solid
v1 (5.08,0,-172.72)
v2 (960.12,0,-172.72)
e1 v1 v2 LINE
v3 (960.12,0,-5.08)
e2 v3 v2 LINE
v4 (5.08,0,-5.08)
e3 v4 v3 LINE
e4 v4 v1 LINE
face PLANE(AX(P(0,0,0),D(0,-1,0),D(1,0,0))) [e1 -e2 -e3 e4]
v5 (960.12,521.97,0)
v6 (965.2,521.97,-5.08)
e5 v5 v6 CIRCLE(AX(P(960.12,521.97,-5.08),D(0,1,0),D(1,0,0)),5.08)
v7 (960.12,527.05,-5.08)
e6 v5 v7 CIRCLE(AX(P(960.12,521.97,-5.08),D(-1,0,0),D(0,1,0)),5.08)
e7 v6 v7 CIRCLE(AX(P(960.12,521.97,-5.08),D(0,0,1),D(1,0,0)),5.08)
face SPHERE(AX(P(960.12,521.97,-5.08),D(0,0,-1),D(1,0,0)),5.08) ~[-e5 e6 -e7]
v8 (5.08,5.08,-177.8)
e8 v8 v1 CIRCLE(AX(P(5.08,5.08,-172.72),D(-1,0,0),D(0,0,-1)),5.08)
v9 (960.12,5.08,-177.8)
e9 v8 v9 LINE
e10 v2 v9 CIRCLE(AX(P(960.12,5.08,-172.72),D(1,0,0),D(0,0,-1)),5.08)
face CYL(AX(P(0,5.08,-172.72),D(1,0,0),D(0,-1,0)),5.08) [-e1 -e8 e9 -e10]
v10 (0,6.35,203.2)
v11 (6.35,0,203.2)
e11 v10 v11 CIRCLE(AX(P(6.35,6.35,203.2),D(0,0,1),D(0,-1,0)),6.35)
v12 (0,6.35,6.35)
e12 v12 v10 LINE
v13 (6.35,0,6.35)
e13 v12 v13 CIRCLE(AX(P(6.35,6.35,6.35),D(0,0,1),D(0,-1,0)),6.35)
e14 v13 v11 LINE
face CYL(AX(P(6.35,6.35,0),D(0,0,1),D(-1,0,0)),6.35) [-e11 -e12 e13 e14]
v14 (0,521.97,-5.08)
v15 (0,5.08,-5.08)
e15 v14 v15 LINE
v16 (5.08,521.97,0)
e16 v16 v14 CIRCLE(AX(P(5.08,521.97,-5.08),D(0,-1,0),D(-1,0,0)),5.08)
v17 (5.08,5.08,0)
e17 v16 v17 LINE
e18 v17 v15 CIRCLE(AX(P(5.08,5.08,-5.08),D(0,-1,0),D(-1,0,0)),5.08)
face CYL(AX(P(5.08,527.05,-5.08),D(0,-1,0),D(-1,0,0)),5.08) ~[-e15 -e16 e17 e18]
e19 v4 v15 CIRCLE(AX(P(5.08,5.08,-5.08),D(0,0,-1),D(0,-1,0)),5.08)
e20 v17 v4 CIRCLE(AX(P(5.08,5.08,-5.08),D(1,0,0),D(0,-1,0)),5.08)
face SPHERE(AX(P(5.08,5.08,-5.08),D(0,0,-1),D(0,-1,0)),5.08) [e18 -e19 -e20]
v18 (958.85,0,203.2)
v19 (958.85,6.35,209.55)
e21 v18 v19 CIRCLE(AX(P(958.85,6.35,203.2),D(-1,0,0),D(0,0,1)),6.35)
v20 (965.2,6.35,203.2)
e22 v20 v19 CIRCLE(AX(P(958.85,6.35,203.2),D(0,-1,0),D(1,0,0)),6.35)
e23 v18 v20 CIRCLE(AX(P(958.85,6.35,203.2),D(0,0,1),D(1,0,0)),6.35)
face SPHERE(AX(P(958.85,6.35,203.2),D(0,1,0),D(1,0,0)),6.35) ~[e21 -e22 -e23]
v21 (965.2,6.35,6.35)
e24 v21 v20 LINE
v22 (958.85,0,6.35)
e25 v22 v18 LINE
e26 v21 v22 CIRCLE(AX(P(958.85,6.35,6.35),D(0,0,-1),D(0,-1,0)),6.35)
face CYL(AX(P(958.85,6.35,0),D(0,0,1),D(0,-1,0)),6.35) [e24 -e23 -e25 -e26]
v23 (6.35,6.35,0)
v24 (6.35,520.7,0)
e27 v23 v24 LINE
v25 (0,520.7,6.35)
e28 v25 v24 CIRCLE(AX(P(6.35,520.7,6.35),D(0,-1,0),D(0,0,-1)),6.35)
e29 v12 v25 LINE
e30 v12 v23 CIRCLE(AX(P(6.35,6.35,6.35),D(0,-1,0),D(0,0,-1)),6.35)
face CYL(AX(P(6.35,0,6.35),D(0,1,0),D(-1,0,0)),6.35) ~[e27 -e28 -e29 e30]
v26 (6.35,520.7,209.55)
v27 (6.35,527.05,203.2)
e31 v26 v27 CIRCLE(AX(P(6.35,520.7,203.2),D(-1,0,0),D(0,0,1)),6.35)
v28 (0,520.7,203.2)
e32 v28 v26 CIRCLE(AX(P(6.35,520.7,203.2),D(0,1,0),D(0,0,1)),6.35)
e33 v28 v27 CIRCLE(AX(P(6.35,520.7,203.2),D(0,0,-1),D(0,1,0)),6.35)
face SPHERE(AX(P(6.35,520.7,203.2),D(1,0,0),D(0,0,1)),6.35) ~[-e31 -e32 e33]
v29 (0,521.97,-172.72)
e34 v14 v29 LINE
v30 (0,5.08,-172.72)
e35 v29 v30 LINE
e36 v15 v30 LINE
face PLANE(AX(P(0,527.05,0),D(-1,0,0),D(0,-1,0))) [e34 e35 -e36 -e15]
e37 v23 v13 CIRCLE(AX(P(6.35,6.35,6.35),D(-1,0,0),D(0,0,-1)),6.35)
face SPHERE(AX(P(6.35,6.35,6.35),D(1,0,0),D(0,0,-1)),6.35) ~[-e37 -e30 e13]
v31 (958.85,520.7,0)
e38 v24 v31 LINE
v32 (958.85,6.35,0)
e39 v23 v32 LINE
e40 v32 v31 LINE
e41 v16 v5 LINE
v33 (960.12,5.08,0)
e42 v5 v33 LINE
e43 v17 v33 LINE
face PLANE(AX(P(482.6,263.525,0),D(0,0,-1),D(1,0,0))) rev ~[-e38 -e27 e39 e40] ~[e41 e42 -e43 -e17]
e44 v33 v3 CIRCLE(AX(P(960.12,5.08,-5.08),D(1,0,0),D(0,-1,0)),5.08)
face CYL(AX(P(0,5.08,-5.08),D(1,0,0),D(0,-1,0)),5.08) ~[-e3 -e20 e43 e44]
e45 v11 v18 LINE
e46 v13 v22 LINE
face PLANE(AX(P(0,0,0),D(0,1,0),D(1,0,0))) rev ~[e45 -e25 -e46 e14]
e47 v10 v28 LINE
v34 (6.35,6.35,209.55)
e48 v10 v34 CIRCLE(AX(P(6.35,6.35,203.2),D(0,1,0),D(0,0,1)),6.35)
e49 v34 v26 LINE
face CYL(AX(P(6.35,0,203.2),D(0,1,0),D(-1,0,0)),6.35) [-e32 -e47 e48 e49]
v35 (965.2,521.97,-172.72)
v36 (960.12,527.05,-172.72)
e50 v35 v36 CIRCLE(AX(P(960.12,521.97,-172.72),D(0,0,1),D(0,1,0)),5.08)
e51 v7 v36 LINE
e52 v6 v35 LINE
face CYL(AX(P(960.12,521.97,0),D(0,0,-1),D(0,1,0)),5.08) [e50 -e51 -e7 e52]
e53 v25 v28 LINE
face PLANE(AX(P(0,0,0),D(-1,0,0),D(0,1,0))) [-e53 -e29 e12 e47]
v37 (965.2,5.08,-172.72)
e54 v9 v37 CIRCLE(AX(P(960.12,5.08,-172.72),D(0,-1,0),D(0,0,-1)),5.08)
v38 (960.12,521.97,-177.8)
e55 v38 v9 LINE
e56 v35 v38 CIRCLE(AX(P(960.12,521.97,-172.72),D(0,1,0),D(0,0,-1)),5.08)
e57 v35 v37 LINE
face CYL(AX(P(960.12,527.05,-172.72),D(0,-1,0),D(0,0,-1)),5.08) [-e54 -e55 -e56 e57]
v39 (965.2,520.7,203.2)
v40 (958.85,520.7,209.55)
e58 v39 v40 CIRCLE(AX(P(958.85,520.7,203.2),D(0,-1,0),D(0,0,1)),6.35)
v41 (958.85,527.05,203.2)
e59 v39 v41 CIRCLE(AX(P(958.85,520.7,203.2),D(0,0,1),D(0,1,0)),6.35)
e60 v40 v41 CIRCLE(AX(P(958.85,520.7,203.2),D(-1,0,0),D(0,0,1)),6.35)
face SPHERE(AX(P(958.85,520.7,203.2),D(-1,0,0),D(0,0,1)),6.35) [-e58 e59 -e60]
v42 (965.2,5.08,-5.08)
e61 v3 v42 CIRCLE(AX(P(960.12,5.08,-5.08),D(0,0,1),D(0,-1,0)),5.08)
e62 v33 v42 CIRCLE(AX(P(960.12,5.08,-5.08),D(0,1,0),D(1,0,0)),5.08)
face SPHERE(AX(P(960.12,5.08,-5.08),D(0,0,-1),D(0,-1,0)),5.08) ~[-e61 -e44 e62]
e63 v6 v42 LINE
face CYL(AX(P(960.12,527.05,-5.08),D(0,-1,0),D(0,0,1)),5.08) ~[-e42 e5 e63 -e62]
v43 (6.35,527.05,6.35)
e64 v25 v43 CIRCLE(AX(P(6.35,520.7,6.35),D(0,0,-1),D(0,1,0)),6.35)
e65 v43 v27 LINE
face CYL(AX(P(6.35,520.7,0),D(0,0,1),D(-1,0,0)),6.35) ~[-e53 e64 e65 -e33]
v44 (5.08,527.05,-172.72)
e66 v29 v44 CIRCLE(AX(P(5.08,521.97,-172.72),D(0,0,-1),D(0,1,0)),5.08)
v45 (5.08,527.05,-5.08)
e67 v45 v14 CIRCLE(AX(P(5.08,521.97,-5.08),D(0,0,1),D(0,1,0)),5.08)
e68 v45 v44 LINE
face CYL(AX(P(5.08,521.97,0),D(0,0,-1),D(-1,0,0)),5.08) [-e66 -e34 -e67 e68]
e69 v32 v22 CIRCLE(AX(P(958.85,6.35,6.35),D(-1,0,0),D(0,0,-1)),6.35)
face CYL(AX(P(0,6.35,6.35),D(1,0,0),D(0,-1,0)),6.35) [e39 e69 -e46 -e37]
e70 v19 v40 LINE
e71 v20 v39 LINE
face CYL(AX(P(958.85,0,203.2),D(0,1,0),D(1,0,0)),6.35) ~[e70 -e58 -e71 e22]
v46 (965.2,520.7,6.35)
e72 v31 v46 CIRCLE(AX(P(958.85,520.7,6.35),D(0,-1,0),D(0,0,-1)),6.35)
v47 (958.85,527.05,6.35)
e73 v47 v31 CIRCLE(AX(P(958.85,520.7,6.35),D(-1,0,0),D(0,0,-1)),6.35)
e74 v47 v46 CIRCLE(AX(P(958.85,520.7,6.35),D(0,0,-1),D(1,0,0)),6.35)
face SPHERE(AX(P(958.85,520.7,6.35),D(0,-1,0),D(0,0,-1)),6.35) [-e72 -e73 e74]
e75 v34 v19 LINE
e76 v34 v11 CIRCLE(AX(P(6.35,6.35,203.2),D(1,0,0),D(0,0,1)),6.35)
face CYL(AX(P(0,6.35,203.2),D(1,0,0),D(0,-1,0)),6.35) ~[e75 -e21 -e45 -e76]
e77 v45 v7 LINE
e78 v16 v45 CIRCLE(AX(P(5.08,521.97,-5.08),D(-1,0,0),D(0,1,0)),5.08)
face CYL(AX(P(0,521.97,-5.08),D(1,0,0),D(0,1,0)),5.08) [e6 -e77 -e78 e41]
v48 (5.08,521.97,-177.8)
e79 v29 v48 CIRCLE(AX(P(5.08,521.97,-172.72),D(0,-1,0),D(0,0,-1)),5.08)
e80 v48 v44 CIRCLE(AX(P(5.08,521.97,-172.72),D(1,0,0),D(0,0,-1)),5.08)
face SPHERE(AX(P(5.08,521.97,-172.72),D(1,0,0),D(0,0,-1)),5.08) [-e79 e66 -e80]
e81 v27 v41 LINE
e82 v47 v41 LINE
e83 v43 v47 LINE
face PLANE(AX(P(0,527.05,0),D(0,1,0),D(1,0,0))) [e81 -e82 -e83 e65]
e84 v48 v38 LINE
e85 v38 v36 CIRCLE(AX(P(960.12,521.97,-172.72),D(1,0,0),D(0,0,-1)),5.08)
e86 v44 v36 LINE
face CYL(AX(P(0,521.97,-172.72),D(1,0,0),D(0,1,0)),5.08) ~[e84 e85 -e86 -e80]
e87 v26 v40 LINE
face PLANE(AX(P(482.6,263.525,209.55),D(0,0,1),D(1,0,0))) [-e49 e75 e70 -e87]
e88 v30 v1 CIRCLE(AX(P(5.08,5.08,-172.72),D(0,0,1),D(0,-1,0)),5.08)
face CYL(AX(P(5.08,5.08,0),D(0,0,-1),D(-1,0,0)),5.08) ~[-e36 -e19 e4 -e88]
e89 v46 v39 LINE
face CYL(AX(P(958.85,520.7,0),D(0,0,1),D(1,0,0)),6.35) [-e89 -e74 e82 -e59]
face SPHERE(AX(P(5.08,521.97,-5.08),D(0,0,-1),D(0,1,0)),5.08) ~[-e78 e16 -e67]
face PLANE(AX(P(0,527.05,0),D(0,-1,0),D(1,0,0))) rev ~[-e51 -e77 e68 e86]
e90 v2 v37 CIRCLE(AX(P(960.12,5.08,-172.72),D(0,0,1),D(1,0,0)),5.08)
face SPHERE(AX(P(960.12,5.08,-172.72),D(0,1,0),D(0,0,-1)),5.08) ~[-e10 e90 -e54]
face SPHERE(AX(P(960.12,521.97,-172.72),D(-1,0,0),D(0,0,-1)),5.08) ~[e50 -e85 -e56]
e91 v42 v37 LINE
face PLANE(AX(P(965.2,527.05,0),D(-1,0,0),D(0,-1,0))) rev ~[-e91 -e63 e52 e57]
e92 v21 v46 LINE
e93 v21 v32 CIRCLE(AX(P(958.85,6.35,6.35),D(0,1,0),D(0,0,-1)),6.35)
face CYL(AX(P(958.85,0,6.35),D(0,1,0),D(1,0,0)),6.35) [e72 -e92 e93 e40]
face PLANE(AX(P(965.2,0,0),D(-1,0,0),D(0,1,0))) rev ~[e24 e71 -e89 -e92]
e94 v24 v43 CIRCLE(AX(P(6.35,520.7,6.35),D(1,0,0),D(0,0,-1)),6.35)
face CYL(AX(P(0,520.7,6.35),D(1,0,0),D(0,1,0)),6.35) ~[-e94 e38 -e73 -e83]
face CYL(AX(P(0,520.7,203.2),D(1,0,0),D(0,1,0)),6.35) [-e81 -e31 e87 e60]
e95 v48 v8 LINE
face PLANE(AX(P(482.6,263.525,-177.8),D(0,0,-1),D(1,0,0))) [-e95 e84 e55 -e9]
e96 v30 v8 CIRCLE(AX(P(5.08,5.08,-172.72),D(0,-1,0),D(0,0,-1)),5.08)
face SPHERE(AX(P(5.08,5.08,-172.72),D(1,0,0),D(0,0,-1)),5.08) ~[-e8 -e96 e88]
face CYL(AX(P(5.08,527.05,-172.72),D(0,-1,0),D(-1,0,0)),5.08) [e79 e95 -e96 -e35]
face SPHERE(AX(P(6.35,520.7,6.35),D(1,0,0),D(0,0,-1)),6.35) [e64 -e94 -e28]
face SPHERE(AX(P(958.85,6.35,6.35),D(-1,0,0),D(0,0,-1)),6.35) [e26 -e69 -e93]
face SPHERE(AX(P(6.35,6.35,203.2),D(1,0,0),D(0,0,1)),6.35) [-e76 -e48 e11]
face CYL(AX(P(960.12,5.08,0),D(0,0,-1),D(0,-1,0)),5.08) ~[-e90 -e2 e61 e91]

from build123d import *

# Parameters (mm, degrees)
F0_W     = 965.2
F0_H     = 527.05
F1_DEPTH = 209.55
F2_R     = 6.35
F3_W     = 965.2
F3_H     = 527.05
F4_DEPTH = 177.8
F5_R     = 5.08


with BuildPart() as f1:
    # F0 (on Top) → F1 (new body)
    with BuildSketch(Plane.XY):
        with Locations((482.6, 263.525)):
            Rectangle(F0_W, F0_H)
    extrude(amount=F1_DEPTH)

    # F2
    f2_edges = [f1.edges().sort_by_distance(p)[0] for p in [
        (482.6, 0, 0),
        (965.2, 263.525, 0),
        (482.6, 527.05, 0),
        (0, 263.525, 0),
        (482.6, 527.05, 209.55),
        (965.2, 263.525, 209.55),
        (965.2, 527.05, 104.775),
        (965.2, 0, 104.775),
        (482.6, 0, 209.55),
        (0, 263.525, 209.55),
        (0, 0, 104.775),
        (0, 527.05, 104.775),
    ]]
    fillet(f2_edges, radius=F2_R)

    # F3 (on face) → F4 (join)
    with BuildSketch(Plane(origin=(0, 0, 0), x_dir=(1, 0, 0), z_dir=(0, 0, -1))):
        with Locations((482.6, -263.525)):
            Rectangle(F3_W, F3_H)
    extrude(amount=F4_DEPTH)

    # F5
    f5_edges = [f1.edges().sort_by_distance(p)[0] for p in [
        (482.6, 527.05, -177.8),
        (965.2, 263.525, -177.8),
        (482.6, 0, -177.8),
        (0, 263.525, -177.8),
        (965.2, 0, -88.9),
        (0, 0, -88.9),
        (482.6, 0, 0),
        (965.2, 527.05, -88.9),
        (965.2, 263.525, 0),
        (0, 527.05, -88.9),
        (482.6, 527.05, 0),
        (0, 263.525, 0),
    ]]
    fillet(f5_edges, radius=F5_R)


solid = f1.part
